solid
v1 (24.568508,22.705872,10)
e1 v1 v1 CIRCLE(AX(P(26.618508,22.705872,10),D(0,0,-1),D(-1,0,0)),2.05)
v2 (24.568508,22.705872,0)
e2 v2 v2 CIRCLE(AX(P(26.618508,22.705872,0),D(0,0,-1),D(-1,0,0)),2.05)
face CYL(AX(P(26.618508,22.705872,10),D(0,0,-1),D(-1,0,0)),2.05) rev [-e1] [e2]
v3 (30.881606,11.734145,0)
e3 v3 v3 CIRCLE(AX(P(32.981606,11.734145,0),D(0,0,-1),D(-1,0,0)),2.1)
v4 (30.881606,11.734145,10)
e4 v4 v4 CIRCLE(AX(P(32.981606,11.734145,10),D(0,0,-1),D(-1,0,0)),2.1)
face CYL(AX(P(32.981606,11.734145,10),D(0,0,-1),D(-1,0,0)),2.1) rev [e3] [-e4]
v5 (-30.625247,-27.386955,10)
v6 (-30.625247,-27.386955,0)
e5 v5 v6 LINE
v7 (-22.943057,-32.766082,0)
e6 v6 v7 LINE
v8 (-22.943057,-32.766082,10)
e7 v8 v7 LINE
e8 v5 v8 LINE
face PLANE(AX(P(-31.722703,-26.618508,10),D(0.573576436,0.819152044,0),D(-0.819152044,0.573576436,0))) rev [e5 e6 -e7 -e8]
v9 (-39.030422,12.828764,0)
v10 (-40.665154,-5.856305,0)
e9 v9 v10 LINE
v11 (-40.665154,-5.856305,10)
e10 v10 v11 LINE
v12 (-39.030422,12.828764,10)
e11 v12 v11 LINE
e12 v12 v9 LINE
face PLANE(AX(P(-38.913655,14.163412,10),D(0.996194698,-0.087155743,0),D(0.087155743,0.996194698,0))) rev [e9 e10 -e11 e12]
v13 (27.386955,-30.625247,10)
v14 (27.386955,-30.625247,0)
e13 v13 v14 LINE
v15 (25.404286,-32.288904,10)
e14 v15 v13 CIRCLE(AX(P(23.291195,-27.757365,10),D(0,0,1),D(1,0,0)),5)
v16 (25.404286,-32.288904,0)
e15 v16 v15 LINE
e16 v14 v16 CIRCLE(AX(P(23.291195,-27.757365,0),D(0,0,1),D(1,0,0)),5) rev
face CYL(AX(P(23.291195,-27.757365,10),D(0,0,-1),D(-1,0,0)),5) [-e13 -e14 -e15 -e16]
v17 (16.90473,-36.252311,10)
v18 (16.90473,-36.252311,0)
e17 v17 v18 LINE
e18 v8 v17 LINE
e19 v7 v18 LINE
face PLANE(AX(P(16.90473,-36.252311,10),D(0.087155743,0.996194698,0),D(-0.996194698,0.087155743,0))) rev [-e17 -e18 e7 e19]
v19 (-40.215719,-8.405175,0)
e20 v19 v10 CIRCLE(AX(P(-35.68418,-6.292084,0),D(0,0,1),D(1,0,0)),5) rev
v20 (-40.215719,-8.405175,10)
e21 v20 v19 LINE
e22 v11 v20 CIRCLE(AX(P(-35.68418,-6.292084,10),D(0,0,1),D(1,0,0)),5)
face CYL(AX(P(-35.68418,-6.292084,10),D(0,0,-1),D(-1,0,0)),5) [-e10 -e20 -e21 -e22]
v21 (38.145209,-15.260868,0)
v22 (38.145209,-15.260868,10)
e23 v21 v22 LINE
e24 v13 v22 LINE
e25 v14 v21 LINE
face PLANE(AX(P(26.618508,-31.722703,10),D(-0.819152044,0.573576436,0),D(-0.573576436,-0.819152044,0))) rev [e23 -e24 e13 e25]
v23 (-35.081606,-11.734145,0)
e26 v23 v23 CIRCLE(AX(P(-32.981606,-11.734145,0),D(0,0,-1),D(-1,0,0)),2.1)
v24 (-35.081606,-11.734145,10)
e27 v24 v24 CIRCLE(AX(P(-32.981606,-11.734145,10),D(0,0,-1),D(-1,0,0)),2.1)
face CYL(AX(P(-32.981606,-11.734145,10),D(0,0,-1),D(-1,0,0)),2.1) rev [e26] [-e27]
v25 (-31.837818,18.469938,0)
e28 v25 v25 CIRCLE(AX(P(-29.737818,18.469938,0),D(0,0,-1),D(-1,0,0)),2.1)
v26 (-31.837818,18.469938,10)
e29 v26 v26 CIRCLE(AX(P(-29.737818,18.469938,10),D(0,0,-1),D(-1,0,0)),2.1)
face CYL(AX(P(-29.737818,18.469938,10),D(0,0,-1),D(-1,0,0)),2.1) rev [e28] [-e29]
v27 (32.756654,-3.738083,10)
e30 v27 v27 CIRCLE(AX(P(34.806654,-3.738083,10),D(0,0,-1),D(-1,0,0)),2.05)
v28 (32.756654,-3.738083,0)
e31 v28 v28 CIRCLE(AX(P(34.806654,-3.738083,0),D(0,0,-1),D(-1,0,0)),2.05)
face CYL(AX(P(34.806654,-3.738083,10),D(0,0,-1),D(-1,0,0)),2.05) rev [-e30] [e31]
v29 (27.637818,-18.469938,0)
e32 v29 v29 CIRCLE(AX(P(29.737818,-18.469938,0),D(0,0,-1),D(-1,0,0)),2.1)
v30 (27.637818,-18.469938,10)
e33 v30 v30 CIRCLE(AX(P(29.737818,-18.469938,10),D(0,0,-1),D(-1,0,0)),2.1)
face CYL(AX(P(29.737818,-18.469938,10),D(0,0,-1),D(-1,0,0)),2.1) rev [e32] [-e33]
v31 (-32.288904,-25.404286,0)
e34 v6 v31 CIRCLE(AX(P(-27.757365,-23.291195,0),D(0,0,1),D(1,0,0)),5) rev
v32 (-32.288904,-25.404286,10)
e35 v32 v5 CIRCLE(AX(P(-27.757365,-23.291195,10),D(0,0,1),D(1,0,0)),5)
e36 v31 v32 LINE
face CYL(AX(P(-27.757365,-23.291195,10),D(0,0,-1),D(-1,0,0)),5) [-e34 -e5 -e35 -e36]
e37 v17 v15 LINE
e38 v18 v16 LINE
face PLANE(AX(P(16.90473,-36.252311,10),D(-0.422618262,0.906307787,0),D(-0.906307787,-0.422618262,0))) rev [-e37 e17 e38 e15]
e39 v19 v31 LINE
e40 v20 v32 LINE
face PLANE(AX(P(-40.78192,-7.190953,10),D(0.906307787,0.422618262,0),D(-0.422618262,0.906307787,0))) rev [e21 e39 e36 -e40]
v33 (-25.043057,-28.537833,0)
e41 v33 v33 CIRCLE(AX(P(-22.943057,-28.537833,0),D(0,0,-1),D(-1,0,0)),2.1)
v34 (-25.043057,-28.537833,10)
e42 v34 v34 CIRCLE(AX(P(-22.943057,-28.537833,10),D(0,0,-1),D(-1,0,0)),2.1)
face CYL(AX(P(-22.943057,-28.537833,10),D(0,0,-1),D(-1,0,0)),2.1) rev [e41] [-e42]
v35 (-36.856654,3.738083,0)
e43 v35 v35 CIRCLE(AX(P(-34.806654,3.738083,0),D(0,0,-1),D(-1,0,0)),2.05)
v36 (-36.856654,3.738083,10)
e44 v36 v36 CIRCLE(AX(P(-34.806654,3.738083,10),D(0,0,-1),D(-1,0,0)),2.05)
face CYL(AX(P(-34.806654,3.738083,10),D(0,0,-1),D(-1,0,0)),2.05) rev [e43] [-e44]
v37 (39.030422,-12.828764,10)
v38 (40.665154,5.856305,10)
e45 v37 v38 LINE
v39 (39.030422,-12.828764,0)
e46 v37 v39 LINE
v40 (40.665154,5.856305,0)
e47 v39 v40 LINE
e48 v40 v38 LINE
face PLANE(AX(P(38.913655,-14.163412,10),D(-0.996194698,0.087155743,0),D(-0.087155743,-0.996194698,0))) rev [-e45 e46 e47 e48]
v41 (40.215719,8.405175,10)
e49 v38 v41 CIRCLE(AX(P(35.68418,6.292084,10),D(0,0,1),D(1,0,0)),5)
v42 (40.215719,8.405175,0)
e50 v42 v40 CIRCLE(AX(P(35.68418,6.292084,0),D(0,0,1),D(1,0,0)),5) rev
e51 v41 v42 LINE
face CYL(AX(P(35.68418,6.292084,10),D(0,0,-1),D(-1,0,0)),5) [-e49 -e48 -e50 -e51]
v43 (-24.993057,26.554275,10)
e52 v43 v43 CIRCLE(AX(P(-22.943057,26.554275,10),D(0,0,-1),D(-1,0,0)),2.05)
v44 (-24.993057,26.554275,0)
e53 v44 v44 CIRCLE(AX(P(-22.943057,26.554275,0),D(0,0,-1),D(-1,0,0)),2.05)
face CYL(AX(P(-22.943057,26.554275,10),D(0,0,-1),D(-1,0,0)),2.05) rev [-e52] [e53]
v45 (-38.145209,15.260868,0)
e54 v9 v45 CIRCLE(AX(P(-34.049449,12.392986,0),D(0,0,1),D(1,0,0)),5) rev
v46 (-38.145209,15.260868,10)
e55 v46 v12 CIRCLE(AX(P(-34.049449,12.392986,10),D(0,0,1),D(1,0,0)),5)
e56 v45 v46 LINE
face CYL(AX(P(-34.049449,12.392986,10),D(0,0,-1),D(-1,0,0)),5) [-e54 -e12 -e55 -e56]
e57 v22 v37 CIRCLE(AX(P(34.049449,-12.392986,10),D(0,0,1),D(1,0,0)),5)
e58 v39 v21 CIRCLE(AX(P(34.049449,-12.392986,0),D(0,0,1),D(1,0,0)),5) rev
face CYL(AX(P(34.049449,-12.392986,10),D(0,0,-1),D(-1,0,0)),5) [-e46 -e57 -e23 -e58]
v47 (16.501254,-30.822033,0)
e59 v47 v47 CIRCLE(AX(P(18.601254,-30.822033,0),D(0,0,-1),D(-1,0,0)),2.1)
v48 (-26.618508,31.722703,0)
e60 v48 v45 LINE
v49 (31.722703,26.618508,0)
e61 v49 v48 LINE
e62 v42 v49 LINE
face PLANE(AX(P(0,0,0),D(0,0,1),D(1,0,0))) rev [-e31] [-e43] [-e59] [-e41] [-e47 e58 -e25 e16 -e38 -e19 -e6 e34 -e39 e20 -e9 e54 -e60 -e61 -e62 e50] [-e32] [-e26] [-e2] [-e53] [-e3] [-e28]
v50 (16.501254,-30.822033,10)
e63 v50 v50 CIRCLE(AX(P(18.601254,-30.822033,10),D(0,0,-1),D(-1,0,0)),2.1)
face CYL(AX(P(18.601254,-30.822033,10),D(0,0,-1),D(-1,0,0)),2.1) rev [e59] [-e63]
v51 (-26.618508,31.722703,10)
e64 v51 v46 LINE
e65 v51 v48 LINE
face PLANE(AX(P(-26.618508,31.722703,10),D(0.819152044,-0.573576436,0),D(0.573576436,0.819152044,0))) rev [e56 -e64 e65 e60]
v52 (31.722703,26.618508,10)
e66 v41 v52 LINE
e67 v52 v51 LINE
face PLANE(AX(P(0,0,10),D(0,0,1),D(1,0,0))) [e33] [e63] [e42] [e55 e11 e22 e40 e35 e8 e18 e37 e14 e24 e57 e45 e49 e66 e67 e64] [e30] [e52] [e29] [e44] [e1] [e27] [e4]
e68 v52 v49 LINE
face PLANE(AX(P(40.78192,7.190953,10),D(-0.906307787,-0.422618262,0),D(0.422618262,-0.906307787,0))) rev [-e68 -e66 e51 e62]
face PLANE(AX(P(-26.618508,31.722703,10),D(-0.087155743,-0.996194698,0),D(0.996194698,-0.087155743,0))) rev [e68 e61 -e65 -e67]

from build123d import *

# Parameters (mm, degrees)
BOSS_EXTRU_1_DEPTH      = 10
ESQUISSE3_R             = 2.05
ESQUISSE3_R_2           = 2.1
ENL_V_MAT_EXTRU_1_DEPTH = 56.474274361
CONG_1_R                = 5


with BuildPart() as part:
    # Esquisse1 → Boss.-Extru.1 (new body)
    with BuildSketch(Plane.XY):
        Polygon((16.90473047, -36.252311481), (26.618508055, -31.722702604), (38.913655488, -14.163412304), (40.781920359, 7.190952884), (31.722702604, 26.618508055), (-26.618508055, 31.722702604), (-38.913655488, 14.163412304), (-40.781920359, -7.190952884), (-31.722702604, -26.618508055), (-22.943057454, -32.766081772), align=None)
    extrude(amount=BOSS_EXTRU_1_DEPTH)

    # Esquisse3 → Enlèv. mat.-Extru.1 (cut, through all)
    with BuildSketch(Plane(origin=(0, 0, 0), x_dir=(-1, 0, 0), z_dir=(0, 0, -1))):
        with Locations((-26.618508055, 22.705871893)):
            Circle(ESQUISSE3_R)
        with Locations((22.943057454, 26.554275329)):
            Circle(ESQUISSE3_R)
        with Locations((29.737818366, 18.469938184)):
            Circle(ESQUISSE3_R_2)
        with Locations((34.806654387, 3.73808347)):
            Circle(ESQUISSE3_R)
        with Locations((32.981605632, -11.73414452)):
            Circle(ESQUISSE3_R_2)
        with Locations((22.943057454, -28.537832938)):
            Circle(ESQUISSE3_R_2)
        with Locations((-18.601253659, -30.822032576)):
            Circle(ESQUISSE3_R_2)
        with Locations((-29.737818366, -18.469938184)):
            Circle(ESQUISSE3_R_2)
        with Locations((-34.806654387, -3.73808347)):
            Circle(ESQUISSE3_R)
        with Locations((-32.981605632, 11.73414452)):
            Circle(ESQUISSE3_R_2)
    extrude(amount=-ENL_V_MAT_EXTRU_1_DEPTH, mode=Mode.SUBTRACT)

    # Congé1
    cong_1_edges = [part.edges().sort_by_distance(p)[0] for p in [
        (40.781920359, 7.190952884, 5),
        (38.913655488, -14.163412304, 5),
        (26.618508055, -31.722702604, 5),
        (-31.722702604, -26.618508055, 5),
        (-40.781920359, -7.190952884, 5),
        (-38.913655488, 14.163412304, 5),
    ]]
    fillet(cong_1_edges, radius=CONG_1_R)


solid = part.part
